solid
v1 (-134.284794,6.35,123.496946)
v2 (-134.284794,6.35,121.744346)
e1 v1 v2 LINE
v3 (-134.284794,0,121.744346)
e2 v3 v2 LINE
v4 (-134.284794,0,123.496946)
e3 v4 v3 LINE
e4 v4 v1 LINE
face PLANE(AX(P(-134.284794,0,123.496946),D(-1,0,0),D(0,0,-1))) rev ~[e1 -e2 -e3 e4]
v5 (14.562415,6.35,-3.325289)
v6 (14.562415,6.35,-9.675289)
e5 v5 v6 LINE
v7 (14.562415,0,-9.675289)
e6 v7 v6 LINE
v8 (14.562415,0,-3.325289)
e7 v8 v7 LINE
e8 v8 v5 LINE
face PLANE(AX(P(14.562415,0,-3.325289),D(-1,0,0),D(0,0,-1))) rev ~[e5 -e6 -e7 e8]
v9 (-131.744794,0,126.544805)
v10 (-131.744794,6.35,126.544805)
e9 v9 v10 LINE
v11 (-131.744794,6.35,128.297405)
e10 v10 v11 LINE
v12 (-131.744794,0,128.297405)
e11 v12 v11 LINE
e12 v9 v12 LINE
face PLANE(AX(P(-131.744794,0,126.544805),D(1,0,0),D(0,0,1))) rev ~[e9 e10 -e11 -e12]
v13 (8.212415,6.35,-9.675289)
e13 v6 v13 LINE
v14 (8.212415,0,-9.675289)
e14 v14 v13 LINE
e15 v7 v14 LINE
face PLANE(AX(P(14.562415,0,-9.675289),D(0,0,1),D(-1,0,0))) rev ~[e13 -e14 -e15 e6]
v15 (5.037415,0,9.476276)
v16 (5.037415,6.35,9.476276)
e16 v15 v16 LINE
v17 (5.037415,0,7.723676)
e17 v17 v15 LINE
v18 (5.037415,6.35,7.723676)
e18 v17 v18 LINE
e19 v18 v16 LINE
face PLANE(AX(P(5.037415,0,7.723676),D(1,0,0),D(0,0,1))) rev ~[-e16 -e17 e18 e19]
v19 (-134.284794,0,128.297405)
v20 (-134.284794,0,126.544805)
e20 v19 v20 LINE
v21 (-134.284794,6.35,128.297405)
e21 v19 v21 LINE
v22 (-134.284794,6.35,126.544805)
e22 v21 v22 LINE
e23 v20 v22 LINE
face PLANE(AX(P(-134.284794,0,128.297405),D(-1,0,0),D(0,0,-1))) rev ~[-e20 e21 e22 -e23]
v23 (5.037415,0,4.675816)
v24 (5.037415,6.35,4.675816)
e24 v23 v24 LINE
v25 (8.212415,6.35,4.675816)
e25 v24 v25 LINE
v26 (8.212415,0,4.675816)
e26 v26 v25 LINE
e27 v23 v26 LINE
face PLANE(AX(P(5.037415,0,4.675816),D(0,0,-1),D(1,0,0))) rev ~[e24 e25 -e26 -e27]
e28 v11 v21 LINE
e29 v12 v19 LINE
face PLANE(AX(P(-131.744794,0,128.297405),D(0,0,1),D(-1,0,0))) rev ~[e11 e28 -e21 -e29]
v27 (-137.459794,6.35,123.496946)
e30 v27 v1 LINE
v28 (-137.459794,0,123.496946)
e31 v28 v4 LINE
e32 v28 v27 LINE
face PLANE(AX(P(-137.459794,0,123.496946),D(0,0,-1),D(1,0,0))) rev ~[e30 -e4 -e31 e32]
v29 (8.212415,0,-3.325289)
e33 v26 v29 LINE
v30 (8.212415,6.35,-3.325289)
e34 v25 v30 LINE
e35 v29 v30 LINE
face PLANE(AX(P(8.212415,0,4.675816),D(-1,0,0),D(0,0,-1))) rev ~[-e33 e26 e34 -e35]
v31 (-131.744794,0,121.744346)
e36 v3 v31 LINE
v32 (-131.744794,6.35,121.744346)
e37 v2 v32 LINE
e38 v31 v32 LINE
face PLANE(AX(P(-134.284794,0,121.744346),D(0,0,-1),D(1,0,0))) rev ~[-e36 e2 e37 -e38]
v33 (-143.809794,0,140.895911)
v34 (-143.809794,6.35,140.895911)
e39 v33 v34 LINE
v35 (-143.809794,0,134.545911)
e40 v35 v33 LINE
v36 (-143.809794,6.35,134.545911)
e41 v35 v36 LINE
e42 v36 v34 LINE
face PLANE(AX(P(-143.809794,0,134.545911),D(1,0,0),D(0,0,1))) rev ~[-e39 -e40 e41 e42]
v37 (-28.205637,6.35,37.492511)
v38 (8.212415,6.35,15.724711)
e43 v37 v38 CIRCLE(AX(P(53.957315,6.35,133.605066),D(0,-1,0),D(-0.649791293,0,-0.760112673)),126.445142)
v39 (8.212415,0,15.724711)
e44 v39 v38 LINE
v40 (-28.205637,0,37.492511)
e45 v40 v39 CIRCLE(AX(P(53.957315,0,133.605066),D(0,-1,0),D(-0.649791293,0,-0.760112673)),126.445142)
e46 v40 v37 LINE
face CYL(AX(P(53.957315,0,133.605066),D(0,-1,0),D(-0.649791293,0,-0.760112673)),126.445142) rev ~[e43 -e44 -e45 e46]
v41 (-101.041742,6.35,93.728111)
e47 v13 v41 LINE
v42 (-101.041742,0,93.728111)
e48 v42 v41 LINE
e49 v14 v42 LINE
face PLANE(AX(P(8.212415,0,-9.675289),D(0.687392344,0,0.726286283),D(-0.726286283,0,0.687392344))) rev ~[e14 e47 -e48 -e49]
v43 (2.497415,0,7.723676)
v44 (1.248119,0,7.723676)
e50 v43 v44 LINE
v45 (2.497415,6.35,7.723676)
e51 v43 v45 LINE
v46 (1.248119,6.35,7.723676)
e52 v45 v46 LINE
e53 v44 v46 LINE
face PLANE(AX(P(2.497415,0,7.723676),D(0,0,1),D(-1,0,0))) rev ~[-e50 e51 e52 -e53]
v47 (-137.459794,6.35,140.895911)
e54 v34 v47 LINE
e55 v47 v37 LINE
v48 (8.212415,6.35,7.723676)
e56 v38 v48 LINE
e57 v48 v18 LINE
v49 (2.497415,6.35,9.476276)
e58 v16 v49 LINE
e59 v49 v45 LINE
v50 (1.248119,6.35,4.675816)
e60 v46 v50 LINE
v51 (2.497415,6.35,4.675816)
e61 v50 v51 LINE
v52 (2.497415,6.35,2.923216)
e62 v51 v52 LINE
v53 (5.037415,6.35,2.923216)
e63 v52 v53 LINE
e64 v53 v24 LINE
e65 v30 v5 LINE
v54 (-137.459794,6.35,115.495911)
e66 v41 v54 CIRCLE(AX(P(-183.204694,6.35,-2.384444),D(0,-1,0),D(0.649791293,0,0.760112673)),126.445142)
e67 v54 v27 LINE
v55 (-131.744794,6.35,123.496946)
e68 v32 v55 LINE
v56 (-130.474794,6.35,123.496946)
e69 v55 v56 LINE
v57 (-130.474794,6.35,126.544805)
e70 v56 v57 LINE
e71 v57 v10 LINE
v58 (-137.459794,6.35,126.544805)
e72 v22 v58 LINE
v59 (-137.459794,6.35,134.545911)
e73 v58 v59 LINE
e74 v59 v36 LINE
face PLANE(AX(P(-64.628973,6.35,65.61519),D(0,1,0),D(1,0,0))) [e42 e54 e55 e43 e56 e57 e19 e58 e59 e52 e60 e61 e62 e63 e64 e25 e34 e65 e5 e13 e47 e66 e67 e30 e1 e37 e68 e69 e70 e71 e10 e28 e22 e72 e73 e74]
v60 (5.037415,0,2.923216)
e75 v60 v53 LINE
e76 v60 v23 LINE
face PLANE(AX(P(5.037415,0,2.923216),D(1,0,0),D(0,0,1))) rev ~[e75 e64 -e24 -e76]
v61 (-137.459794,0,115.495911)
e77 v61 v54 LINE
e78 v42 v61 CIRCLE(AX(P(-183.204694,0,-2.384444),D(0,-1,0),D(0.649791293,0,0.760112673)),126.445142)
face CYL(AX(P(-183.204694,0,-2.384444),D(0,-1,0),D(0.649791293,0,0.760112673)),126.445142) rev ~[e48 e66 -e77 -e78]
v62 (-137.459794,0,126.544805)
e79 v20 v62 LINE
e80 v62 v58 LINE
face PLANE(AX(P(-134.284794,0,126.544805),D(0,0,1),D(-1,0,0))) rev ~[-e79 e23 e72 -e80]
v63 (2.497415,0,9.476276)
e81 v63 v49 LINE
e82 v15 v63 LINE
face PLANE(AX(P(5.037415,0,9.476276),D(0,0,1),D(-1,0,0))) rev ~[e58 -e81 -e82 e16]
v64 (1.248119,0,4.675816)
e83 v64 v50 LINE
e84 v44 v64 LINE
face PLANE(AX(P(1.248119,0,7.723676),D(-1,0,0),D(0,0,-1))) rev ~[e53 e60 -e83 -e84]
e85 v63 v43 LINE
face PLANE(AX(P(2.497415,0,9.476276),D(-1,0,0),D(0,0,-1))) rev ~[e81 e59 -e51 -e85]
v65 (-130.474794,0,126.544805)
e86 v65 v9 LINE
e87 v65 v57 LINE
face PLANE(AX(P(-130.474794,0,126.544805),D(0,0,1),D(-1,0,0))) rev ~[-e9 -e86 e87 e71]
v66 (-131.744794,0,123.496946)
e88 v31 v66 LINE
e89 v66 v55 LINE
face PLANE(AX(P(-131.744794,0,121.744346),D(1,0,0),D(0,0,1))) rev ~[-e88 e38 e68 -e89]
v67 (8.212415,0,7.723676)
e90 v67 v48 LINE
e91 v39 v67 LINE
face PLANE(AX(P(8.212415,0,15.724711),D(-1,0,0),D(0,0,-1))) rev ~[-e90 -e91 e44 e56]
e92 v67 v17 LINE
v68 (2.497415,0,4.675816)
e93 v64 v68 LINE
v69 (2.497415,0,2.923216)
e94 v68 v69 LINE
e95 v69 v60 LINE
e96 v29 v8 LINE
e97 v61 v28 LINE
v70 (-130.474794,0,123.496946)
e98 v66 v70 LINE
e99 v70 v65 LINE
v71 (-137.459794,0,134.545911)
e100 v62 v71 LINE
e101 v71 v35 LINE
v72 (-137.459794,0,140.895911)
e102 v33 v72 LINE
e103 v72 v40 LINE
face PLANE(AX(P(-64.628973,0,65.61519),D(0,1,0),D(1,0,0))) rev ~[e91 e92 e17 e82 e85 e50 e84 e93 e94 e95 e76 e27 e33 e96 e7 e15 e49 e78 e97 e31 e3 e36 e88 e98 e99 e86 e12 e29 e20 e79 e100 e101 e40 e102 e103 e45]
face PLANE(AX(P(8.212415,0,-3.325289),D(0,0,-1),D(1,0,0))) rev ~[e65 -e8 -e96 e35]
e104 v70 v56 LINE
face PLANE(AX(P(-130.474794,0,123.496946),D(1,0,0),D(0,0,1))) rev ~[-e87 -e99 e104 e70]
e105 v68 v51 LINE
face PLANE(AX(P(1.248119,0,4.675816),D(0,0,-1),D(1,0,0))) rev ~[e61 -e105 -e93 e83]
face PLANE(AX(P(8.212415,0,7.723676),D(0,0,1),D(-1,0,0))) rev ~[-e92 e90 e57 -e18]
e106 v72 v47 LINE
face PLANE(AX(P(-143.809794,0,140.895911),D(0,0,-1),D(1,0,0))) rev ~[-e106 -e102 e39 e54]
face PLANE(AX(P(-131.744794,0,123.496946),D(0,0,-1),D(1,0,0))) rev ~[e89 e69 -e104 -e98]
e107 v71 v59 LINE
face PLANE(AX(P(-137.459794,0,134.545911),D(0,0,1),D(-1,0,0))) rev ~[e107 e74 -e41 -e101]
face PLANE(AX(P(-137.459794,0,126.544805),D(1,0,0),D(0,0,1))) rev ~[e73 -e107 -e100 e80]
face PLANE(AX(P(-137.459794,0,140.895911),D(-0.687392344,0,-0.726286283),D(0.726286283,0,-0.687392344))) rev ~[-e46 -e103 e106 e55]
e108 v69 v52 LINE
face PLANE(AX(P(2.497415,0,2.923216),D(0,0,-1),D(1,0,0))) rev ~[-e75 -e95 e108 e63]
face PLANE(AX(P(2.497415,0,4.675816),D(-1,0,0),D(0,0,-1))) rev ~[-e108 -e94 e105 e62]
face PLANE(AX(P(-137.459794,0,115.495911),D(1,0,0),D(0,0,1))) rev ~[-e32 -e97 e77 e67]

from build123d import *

# Parameters (mm, degrees)
BOSS_EXTRUDE1_DEPTH = 6.35


with BuildPart() as part:
    # Sketch1 → Boss-Extrude1 (new body)
    with BuildSketch(Plane(origin=(0, 0, 0), x_dir=(1, 0, 0), z_dir=(0, 1, 0))):
        with BuildLine():
            Line((1.248119104, -4.675816263), (2.497415053, -4.675816263))
            Line((2.497415053, -4.675816263), (2.497415053, -2.923216263))
            Line((2.497415053, -2.923216263), (5.037415053, -2.923216263))
            Line((5.037415053, -2.923216263), (5.037415053, -4.675816263))
            Line((5.037415053, -4.675816263), (8.212415053, -4.675816263))
            Line((8.212415053, -4.675816263), (8.212415053, -3.02471078))
            Line((8.212415053, -3.02471078), (8.212415053, 3.32528922))
            Line((8.212415053, 3.32528922), (14.562415053, 3.32528922))
            Line((14.562415053, 3.32528922), (14.562415053, 9.67528922))
            Line((14.562415053, 9.67528922), (8.212415053, 9.67528922))
            Line((8.212415053, 9.67528922), (-101.041741874, -93.72811078))
            ThreePointArc((-101.041741874, -93.72811078), (-118.331248541, -106.150388972), (-137.459794183, -115.49591078))
            Line((-137.459794183, -115.49591078), (-137.459794183, -123.496945941))
            Line((-137.459794183, -123.496945941), (-134.284794183, -123.496945941))
            Line((-134.284794183, -123.496945941), (-134.284794183, -121.744345941))
            Line((-134.284794183, -121.744345941), (-131.744794183, -121.744345941))
            Line((-131.744794183, -121.744345941), (-131.744794183, -123.496945941))
            Line((-131.744794183, -123.496945941), (-130.474794183, -123.496945941))
            Line((-130.474794183, -123.496945941), (-130.474794183, -126.544805297))
            Line((-130.474794183, -126.544805297), (-131.744794183, -126.544805297))
            Line((-131.744794183, -126.544805297), (-131.744794183, -128.297405297))
            Line((-131.744794183, -128.297405297), (-134.284794183, -128.297405297))
            Line((-134.284794183, -128.297405297), (-134.284794183, -126.544805297))
            Line((-134.284794183, -126.544805297), (-137.459794183, -126.544805297))
            Line((-137.459794183, -126.544805297), (-137.459794183, -134.54591078))
            Line((-137.459794183, -134.54591078), (-143.809794183, -134.54591078))
            Line((-143.809794183, -134.54591078), (-143.809794183, -140.89591078))
            Line((-143.809794183, -140.89591078), (-137.459794183, -140.89591078))
            Line((-137.459794183, -140.89591078), (-28.205637256, -37.49251078))
            ThreePointArc((-28.205637256, -37.49251078), (-10.916130589, -25.070232587), (8.212415053, -15.72471078))
            Line((8.212415053, -15.72471078), (8.212415053, -7.723675619))
            Line((8.212415053, -7.723675619), (5.037415053, -7.723675619))
            Line((5.037415053, -7.723675619), (5.037415053, -9.476275619))
            Line((5.037415053, -9.476275619), (2.497415053, -9.476275619))
            Line((2.497415053, -9.476275619), (2.497415053, -7.723675619))
            Line((2.497415053, -7.723675619), (1.248119104, -7.723675619))
            Line((1.248119104, -7.723675619), (1.248119104, -4.675816263))
        make_face()
    extrude(amount=BOSS_EXTRUDE1_DEPTH)


solid = part.part
